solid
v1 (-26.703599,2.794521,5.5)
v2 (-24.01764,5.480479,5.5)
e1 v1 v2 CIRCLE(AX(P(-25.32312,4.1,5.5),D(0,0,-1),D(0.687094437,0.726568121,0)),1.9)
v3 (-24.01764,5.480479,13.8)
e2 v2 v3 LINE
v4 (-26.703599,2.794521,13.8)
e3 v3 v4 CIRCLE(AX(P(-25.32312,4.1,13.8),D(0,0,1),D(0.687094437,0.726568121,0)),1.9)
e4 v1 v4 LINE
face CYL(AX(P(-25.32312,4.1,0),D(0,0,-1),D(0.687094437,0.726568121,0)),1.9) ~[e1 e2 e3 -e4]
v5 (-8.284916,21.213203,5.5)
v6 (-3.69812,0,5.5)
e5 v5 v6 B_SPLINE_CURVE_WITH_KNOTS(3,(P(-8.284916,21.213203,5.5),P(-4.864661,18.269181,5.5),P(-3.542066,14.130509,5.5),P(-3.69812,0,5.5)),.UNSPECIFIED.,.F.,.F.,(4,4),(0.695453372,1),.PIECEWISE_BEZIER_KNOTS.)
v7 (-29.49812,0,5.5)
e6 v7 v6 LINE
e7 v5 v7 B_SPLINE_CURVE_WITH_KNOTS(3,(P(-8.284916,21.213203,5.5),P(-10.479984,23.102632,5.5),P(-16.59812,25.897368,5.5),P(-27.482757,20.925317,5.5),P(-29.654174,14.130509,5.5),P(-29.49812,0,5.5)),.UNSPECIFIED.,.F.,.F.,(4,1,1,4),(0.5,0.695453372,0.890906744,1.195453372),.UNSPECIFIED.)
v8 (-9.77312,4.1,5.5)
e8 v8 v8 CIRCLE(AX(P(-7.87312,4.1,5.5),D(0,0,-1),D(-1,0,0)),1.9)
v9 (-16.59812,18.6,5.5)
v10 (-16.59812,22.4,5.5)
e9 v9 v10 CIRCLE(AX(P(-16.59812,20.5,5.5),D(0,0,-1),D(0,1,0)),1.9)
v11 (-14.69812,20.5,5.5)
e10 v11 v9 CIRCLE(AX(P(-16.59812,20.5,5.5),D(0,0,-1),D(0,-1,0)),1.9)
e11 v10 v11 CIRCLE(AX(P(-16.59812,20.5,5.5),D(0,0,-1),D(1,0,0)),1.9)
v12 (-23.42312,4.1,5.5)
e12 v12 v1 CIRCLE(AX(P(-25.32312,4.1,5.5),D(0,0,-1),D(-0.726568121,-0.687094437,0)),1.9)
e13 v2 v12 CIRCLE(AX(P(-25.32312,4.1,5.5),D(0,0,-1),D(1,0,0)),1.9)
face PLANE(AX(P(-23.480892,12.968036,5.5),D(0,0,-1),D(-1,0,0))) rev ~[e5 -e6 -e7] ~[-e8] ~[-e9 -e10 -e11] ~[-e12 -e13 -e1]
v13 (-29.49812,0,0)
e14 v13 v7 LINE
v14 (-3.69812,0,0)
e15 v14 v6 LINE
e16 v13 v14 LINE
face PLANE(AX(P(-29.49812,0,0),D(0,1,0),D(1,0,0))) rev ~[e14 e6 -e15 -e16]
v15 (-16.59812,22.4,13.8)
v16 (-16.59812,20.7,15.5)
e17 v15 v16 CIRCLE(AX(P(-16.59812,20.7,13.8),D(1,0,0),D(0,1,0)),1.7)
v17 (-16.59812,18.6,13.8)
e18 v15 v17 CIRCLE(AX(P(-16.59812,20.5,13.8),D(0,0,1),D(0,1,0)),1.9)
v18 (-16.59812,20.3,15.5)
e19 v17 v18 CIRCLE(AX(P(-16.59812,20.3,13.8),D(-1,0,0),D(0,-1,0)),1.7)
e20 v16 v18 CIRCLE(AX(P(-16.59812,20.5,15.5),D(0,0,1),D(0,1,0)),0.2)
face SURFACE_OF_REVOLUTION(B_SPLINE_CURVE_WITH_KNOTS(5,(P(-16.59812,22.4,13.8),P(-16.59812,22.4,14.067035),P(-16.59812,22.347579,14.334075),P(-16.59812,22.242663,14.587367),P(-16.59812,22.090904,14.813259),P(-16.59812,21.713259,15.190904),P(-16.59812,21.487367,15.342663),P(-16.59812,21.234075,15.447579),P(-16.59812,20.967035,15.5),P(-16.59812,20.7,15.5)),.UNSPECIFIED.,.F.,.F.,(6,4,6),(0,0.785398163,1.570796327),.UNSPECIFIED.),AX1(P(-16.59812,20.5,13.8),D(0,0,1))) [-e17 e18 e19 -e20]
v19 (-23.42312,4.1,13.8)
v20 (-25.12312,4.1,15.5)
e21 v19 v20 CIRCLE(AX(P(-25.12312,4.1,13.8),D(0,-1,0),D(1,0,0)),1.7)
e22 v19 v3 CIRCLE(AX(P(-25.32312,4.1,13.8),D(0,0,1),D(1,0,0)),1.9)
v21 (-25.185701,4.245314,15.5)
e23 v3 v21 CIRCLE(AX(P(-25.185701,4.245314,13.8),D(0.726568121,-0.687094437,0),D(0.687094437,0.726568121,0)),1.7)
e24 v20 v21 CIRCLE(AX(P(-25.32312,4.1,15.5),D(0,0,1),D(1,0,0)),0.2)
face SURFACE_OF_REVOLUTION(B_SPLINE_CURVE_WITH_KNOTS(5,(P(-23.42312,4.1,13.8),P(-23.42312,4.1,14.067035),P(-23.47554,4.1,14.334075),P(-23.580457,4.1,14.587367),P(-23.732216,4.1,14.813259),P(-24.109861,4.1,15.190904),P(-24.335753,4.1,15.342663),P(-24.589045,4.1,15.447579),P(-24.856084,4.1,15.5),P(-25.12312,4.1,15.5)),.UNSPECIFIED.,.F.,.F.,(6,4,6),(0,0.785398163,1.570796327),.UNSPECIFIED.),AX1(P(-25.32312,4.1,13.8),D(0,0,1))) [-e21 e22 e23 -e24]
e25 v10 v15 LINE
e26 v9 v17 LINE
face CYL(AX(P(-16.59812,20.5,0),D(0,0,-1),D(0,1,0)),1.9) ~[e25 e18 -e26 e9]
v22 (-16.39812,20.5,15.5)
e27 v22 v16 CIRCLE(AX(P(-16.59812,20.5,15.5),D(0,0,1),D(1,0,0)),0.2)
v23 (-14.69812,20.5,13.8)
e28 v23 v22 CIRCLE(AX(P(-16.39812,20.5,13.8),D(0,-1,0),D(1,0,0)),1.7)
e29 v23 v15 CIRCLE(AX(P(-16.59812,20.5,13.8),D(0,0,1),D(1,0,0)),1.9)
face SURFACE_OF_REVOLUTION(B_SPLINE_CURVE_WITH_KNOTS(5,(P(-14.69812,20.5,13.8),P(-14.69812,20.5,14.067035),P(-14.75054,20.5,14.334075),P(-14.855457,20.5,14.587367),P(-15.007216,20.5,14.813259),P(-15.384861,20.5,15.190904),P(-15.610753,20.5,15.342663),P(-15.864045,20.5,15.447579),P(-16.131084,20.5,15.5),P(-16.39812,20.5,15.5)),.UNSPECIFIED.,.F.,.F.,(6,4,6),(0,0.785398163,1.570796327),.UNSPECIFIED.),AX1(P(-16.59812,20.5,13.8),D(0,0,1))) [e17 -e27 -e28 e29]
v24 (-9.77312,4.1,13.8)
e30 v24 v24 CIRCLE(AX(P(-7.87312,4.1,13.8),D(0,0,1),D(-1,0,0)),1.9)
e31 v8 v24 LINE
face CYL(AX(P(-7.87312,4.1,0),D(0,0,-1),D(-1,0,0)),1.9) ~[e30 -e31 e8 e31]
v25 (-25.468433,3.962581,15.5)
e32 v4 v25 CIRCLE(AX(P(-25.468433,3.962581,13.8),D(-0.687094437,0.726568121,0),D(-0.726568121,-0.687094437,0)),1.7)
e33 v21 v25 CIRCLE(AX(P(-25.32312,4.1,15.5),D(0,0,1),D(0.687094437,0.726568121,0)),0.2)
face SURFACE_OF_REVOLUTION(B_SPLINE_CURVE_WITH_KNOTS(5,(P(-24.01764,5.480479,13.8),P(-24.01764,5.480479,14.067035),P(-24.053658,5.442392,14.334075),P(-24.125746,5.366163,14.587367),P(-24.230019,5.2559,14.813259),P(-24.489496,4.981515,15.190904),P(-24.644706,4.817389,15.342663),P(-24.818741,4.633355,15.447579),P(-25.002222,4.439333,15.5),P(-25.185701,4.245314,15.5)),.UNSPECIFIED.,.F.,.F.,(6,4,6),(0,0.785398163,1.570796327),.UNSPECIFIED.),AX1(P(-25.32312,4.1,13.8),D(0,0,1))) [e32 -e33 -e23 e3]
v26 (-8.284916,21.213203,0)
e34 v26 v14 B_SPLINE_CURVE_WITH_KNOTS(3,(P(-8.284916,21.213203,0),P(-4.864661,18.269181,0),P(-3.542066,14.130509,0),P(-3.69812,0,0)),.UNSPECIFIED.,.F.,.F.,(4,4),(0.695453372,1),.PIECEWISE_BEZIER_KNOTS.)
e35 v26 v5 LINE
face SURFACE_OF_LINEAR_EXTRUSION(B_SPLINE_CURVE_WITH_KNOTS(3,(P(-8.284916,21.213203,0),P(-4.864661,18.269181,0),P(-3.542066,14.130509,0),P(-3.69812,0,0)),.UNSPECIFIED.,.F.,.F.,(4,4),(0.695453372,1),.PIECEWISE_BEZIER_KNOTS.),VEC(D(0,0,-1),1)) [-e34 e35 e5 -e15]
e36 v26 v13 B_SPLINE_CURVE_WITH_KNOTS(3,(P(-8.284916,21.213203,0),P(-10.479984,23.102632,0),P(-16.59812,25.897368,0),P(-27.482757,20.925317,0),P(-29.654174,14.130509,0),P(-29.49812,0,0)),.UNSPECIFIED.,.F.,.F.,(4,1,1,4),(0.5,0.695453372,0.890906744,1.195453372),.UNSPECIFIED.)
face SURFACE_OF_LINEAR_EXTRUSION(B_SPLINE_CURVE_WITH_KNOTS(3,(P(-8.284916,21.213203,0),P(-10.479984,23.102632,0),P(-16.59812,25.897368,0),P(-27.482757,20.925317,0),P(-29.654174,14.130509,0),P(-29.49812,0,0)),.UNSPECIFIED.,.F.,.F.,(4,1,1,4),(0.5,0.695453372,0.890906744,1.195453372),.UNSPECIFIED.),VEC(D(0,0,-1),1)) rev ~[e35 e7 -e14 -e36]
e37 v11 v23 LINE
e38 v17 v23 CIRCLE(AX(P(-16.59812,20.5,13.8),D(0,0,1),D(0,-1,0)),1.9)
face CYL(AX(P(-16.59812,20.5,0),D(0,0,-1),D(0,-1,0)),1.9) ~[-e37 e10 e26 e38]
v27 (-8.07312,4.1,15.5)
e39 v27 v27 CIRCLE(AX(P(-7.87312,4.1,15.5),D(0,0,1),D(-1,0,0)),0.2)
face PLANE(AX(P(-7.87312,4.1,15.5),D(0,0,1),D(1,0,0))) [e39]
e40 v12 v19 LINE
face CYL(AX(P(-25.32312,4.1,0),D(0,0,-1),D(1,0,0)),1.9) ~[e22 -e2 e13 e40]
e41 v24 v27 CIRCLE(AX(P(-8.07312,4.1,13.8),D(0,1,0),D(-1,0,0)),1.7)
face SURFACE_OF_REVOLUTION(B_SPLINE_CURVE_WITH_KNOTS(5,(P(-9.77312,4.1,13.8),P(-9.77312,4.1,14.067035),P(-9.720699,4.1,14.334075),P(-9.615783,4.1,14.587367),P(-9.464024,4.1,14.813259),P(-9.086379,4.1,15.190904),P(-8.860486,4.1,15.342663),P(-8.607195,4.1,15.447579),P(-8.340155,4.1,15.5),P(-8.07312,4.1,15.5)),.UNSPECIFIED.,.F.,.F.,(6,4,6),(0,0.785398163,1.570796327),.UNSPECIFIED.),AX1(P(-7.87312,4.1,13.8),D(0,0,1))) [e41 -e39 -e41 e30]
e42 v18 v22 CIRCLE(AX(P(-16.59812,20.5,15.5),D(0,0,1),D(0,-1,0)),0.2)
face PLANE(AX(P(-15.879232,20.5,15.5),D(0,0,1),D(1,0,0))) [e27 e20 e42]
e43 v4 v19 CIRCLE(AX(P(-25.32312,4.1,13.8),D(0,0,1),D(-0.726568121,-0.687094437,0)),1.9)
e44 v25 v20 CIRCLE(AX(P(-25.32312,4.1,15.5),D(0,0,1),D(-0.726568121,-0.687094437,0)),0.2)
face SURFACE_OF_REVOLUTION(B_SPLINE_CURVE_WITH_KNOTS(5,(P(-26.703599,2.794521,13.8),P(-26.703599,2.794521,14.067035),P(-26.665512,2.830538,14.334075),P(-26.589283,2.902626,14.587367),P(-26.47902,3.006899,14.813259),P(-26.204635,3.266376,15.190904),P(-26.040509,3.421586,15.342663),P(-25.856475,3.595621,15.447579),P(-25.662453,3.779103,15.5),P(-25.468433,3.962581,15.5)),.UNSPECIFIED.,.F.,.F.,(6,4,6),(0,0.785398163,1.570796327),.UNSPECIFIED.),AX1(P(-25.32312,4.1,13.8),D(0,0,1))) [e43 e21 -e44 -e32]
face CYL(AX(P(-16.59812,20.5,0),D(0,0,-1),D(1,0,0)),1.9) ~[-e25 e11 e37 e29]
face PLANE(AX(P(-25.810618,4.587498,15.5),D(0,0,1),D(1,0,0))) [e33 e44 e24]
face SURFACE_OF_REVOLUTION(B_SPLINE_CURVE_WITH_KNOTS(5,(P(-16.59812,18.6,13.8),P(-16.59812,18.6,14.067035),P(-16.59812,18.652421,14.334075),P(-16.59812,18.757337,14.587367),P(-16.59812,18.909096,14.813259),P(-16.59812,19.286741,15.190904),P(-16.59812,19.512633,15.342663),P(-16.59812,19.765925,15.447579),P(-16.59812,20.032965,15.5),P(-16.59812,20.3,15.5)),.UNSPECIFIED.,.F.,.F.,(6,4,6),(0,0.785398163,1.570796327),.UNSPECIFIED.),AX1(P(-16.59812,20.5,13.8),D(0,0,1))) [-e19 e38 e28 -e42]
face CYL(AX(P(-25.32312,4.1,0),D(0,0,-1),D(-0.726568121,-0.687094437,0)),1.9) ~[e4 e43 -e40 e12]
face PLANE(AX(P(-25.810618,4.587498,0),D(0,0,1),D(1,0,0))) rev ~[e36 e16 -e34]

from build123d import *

# Parameters (mm, degrees)
F1_DEPTH = 5.5
F2_DEPTH = 15.5
F3_R     = 1.7


with BuildPart() as f1:
    # F0 (on Top) → F1 (new body)
    with BuildSketch(Plane.XY):
        with BuildLine():
            add(Edge.make_bspline(
                [(-29.498119845, 0), (-29.6541738862, 14.1305088281), (-27.4827572547, 20.9253169468), (-19.6571877436, 24.5), (-16.598119845, 24.5)],
                knots=[0, 0, 0, 0, 0.3045466279, 0.5, 0.5, 0.5, 0.5], degree=3))
            Line((-29.498119845, 0), (-26.7035992752, 2.7945205698))
            ThreePointArc((-26.7035992752, 2.7945205698), (-26.6666227292, 5.4435028843), (-24.0176404147, 5.4804794302))
            Line((-24.0176404147, 5.4804794302), (-16.598119845, 12.9))
            Line((-16.598119845, 12.9), (-16.598119845, 18.6))
            ThreePointArc((-16.598119845, 18.6), (-18.498119845, 20.5), (-16.598119845, 22.4))
            Line((-16.598119845, 22.4), (-16.598119845, 24.5))
        make_face()
        with BuildLine():
            add(Edge.make_bspline(
                [(-16.598119845, 24.5), (-13.5390519463, 24.5), (-10.4799840477, 23.1026322863), (-8.2849164094, 21.2132034356)],
                knots=[0.5, 0.5, 0.5, 0.5, 0.6954533721, 0.6954533721, 0.6954533721, 0.6954533721], degree=3))
            Line((-16.598119845, 24.5), (-16.598119845, 22.4))
            ThreePointArc((-16.598119845, 22.4), (-15.2546169607, 21.8435028843), (-14.698119845, 20.5))
            ThreePointArc((-14.698119845, 20.5), (-15.2546169607, 19.1564971157), (-16.598119845, 18.6))
            Line((-16.598119845, 18.6), (-16.598119845, 12.9))
            Line((-16.598119845, 12.9), (-8.2849164094, 21.2132034356))
        make_face()
        with BuildLine():
            ThreePointArc((-14.698119845, 20.5), (-15.2546169607, 21.8435028843), (-16.598119845, 22.4))
            Line((-16.598119845, 22.4), (-16.598119845, 20.5))
            Line((-16.598119845, 20.5), (-16.598119845, 18.6))
            ThreePointArc((-16.598119845, 18.6), (-15.2546169607, 19.1564971157), (-14.698119845, 20.5))
        make_face()
        with BuildLine():
            Line((-16.598119845, 20.5), (-16.598119845, 22.4))
            ThreePointArc((-16.598119845, 22.4), (-18.498119845, 20.5), (-16.598119845, 18.6))
            Line((-16.598119845, 18.6), (-16.598119845, 20.5))
        make_face()
        with BuildLine():
            Line((-16.598119845, 4.1), (-16.598119845, 0))
            Line((-16.598119845, 0), (-3.698119845, 0))
            add(Edge.make_bspline(
                [(-8.2849164094, 21.2132034356), (-4.8646610296, 18.269180628), (-3.5420658037, 14.1305088281), (-3.698119845, 0)],
                knots=[0.6954533721, 0.6954533721, 0.6954533721, 0.6954533721, 1, 1, 1, 1], degree=3))
            Line((-8.2849164094, 21.2132034356), (-16.598119845, 12.9))
            Line((-16.598119845, 12.9), (-16.598119845, 4.1))
        make_face()
        with BuildLine():
            ThreePointArc((-5.973119845, 4.1), (-7.873119845, 2.2), (-9.773119845, 4.1))
            ThreePointArc((-9.773119845, 4.1), (-7.873119845, 6), (-5.973119845, 4.1))
        make_face(mode=Mode.SUBTRACT)
        with BuildLine():
            ThreePointArc((-5.973119845, 4.1), (-7.873119845, 6), (-9.773119845, 4.1))
            ThreePointArc((-9.773119845, 4.1), (-7.873119845, 2.2), (-5.973119845, 4.1))
        make_face()
        with BuildLine():
            Line((-23.423119845, 4.1), (-16.598119845, 4.1))
            Line((-16.598119845, 4.1), (-16.598119845, 12.9))
            Line((-16.598119845, 12.9), (-24.0176404147, 5.4804794302))
            ThreePointArc((-24.0176404147, 5.4804794302), (-23.5780681384, 4.8515281374), (-23.423119845, 4.1))
        make_face()
        with BuildLine():
            Line((-26.7035992752, 2.7945205698), (-29.498119845, 0))
            Line((-29.498119845, 0), (-16.598119845, 0))
            Line((-16.598119845, 0), (-16.598119845, 4.1))
            Line((-16.598119845, 4.1), (-23.423119845, 4.1))
            ThreePointArc((-23.423119845, 4.1), (-24.6205925919, 2.3346514625), (-26.7035992752, 2.7945205698))
        make_face()
        with BuildLine():
            Line((-24.0176404147, 5.4804794302), (-26.7035992752, 2.7945205698))
            ThreePointArc((-26.7035992752, 2.7945205698), (-24.6205925919, 2.3346514625), (-23.423119845, 4.1))
            ThreePointArc((-23.423119845, 4.1), (-23.5780681384, 4.8515281374), (-24.0176404147, 5.4804794302))
        make_face()
        with BuildLine():
            ThreePointArc((-24.0176404147, 5.4804794302), (-26.6666227292, 5.4435028843), (-26.7035992752, 2.7945205698))
            Line((-26.7035992752, 2.7945205698), (-24.0176404147, 5.4804794302))
        make_face()
    extrude(amount=F1_DEPTH)

    # F0 (on Top) → F2 (join)
    with BuildSketch(Plane.XY):
        with BuildLine():
            ThreePointArc((-24.0176404147, 5.4804794302), (-26.6666227292, 5.4435028843), (-26.7035992752, 2.7945205698))
            Line((-26.7035992752, 2.7945205698), (-24.0176404147, 5.4804794302))
        make_face()
        with BuildLine():
            Line((-24.0176404147, 5.4804794302), (-26.7035992752, 2.7945205698))
            ThreePointArc((-26.7035992752, 2.7945205698), (-24.6205925919, 2.3346514625), (-23.423119845, 4.1))
            ThreePointArc((-23.423119845, 4.1), (-23.5780681384, 4.8515281374), (-24.0176404147, 5.4804794302))
        make_face()
        with BuildLine():
            ThreePointArc((-14.698119845, 20.5), (-15.2546169607, 21.8435028843), (-16.598119845, 22.4))
            Line((-16.598119845, 22.4), (-16.598119845, 20.5))
            Line((-16.598119845, 20.5), (-16.598119845, 18.6))
            ThreePointArc((-16.598119845, 18.6), (-15.2546169607, 19.1564971157), (-14.698119845, 20.5))
        make_face()
        with BuildLine():
            Line((-16.598119845, 20.5), (-16.598119845, 22.4))
            ThreePointArc((-16.598119845, 22.4), (-18.498119845, 20.5), (-16.598119845, 18.6))
            Line((-16.598119845, 18.6), (-16.598119845, 20.5))
        make_face()
        with BuildLine():
            ThreePointArc((-5.973119845, 4.1), (-7.873119845, 6), (-9.773119845, 4.1))
            ThreePointArc((-9.773119845, 4.1), (-7.873119845, 2.2), (-5.973119845, 4.1))
        make_face()
    extrude(amount=F2_DEPTH)

    # F3
    f3_edges = [f1.edges().sort_by_distance(p)[0] for p in [
        (-16.59812, 18.6, 15.5),
        (-23.94264, 5.405479, 15.5),
        (-5.97312, 4.1, 15.5),
    ]]
    fillet(f3_edges, radius=F3_R)


solid = f1.part
